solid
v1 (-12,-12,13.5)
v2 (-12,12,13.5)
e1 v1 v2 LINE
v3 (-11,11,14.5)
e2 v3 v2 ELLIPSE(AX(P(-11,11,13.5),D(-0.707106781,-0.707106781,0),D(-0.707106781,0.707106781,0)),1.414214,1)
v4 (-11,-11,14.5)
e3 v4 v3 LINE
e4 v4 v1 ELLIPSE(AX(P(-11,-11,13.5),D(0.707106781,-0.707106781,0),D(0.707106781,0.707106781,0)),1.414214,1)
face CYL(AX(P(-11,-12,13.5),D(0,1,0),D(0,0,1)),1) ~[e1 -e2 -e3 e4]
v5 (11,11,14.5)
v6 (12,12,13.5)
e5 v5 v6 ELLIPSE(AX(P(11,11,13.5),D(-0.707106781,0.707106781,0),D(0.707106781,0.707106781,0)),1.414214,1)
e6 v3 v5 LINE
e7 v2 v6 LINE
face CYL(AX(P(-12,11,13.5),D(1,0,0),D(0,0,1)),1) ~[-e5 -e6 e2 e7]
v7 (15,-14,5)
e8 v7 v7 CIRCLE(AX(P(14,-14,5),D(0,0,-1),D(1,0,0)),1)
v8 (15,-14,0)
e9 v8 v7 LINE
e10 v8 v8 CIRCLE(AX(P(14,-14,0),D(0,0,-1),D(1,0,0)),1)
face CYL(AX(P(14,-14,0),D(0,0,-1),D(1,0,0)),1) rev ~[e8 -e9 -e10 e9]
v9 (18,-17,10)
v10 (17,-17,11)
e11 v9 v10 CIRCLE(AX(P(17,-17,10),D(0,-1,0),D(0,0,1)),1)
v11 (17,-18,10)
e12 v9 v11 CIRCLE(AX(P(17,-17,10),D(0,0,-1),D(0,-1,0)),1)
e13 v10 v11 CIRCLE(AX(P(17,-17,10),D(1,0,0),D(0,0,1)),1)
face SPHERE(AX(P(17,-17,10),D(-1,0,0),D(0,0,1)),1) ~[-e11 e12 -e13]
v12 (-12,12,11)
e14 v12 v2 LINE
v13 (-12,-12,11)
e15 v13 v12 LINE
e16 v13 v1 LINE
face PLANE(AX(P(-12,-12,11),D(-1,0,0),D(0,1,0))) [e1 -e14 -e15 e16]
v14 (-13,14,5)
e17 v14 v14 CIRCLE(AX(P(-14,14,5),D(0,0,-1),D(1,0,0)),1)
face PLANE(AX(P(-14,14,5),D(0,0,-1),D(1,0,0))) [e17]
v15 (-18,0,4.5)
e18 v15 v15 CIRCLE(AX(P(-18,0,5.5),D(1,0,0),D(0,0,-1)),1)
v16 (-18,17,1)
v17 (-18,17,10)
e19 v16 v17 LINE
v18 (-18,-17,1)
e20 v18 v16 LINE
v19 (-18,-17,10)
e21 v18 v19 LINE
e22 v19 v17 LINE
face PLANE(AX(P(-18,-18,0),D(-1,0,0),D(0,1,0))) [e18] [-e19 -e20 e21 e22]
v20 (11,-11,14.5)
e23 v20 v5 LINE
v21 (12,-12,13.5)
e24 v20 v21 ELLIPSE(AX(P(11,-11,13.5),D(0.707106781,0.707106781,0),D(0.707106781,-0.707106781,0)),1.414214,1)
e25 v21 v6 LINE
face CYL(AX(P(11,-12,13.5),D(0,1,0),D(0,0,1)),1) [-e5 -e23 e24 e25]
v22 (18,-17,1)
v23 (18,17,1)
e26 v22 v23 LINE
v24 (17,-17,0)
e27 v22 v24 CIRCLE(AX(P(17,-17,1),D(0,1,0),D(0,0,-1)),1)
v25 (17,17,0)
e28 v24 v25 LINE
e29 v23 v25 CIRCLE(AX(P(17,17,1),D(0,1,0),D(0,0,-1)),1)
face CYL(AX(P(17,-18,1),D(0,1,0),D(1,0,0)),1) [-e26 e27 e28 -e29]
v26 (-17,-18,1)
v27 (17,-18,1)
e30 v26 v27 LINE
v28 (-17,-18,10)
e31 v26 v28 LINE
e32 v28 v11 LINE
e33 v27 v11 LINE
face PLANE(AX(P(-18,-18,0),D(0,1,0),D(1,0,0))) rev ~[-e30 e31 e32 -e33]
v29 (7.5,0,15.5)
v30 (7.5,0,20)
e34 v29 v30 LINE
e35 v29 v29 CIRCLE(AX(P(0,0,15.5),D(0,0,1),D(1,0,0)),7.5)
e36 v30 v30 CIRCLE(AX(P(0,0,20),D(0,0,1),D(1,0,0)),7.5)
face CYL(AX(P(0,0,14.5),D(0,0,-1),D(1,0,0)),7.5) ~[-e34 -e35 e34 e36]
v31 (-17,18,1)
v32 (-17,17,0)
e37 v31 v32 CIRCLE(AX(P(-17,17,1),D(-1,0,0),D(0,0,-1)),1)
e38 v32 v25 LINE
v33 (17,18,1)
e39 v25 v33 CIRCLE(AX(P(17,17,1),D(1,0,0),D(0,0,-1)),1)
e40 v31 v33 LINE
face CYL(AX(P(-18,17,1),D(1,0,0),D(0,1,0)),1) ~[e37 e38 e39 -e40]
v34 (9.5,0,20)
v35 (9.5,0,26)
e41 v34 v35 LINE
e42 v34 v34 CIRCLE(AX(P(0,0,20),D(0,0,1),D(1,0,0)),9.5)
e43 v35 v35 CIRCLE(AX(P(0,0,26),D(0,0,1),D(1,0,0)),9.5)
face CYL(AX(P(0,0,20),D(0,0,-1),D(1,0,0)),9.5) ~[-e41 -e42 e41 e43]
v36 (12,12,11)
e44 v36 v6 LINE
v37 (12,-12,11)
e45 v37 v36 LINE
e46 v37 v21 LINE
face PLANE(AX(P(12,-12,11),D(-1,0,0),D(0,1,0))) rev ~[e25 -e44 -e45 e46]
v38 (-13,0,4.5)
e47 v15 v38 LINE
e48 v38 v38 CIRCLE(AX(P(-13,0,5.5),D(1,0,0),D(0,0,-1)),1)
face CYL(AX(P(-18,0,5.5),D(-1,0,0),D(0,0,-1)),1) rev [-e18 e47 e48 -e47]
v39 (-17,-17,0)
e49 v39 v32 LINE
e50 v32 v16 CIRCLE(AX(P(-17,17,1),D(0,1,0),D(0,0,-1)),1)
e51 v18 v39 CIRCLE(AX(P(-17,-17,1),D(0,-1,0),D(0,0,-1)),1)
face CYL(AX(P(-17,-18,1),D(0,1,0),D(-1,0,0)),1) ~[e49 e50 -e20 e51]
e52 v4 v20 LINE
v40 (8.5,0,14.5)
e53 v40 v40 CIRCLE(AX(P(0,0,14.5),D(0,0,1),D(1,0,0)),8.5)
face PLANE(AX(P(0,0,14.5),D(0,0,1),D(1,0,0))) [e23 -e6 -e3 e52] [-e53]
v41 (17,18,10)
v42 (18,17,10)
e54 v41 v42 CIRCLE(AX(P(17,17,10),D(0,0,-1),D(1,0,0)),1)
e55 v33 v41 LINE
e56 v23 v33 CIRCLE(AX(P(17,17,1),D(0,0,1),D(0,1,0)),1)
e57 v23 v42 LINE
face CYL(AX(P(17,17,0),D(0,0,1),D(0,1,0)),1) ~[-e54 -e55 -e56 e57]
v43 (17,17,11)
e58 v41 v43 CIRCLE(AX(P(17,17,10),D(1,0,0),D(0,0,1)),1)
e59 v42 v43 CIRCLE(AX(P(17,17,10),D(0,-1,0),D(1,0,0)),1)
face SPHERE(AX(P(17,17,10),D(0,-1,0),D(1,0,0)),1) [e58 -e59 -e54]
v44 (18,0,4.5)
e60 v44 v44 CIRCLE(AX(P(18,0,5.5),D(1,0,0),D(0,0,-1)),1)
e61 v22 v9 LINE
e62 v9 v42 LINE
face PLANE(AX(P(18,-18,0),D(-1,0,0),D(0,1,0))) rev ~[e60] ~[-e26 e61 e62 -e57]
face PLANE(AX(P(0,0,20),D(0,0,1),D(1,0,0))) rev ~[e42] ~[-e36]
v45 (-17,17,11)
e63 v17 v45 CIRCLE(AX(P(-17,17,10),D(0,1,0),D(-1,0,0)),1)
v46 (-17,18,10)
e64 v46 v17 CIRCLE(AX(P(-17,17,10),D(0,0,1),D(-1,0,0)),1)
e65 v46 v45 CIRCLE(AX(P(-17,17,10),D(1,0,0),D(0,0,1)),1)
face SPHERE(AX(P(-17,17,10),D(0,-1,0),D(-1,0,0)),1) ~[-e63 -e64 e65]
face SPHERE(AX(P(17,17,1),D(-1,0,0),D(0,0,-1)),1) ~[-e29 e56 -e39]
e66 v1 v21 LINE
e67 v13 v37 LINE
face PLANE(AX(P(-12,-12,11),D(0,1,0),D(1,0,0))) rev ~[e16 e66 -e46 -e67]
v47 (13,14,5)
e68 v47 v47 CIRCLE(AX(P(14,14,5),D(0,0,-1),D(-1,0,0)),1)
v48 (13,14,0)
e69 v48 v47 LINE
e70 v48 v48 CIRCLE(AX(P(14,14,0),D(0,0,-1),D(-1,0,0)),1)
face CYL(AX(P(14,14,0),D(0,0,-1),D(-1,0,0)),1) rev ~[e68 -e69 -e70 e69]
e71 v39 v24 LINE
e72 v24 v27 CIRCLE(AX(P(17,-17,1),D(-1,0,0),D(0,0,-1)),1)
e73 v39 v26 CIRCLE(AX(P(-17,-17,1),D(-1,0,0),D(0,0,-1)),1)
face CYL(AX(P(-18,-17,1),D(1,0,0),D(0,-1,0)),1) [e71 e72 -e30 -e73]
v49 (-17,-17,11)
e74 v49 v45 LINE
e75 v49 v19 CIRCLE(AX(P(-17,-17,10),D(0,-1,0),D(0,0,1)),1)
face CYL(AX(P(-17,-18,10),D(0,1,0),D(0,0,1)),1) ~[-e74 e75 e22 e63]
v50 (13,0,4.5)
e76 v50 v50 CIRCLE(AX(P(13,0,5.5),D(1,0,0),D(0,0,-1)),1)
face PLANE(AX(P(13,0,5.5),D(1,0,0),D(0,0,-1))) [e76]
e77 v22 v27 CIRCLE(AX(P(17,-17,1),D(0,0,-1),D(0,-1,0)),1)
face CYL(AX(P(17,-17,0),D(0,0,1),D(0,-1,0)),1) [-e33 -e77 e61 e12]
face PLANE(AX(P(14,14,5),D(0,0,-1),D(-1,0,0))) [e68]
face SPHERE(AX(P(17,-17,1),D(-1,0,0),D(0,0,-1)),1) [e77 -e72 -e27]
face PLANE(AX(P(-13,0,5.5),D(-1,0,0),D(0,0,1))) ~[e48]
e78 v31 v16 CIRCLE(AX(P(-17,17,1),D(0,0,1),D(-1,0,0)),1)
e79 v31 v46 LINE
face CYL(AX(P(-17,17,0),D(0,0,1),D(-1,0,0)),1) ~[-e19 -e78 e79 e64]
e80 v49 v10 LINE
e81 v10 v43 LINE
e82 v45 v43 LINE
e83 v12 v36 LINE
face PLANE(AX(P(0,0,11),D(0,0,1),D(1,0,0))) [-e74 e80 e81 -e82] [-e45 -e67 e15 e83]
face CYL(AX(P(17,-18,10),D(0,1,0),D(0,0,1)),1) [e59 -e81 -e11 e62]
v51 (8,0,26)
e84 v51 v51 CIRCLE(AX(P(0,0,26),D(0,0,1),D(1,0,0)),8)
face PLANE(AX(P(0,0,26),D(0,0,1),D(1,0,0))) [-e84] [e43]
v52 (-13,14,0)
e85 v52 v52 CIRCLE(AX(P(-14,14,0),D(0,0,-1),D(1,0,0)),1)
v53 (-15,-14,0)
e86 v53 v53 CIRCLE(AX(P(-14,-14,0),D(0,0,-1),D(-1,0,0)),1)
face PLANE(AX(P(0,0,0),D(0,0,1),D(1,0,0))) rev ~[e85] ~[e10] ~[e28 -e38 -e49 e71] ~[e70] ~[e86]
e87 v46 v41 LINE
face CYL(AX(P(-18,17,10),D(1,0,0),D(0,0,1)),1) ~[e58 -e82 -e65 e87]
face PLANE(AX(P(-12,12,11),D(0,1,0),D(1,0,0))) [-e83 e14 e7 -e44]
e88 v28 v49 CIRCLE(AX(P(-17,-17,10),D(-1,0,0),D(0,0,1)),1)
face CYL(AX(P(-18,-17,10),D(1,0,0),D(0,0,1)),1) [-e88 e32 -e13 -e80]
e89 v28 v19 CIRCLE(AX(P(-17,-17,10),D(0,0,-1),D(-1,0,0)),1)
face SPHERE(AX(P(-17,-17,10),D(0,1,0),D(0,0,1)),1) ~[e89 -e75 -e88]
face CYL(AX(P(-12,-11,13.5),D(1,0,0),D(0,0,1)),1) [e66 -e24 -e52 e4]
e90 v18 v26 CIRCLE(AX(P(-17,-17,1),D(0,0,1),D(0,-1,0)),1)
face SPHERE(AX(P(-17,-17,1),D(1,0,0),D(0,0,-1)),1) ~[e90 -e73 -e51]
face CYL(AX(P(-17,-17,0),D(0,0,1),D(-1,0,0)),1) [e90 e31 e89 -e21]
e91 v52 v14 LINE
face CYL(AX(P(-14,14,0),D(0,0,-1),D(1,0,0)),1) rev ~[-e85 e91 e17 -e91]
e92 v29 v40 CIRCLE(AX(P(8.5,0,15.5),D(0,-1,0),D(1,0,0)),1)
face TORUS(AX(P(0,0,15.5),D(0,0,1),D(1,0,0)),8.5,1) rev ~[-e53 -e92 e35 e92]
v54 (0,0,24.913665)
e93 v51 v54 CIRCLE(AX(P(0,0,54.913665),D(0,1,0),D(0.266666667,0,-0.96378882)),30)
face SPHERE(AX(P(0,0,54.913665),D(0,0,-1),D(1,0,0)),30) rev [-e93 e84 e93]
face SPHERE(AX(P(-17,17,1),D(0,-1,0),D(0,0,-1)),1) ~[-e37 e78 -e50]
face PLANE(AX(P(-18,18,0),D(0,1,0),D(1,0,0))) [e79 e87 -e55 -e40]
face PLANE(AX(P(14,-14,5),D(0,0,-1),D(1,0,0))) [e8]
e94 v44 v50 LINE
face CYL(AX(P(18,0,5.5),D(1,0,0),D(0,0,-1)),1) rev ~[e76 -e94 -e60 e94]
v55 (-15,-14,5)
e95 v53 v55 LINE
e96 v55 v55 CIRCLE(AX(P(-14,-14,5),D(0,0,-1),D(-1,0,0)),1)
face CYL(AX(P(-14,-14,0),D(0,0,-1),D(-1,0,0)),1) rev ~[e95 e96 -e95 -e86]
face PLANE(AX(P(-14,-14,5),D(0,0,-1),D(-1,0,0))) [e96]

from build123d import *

# Parameters (mm, degrees)
SKETCH_1_W          = 36
SKETCH_1_H          = 36
EXTRUDE_1_DEPTH     = 11
SKETCH_2_W          = 24
SKETCH_2_H          = 24
EXTRUDE_2_DEPTH     = 3.5
SKETCH_3_R          = 7.5
EXTRUDE_3_DEPTH     = 5.5
SKETCH_4_R          = 9.5
EXTRUDE_4_DEPTH     = 6
FILLET_1_R          = 1
SKETCH_6_R          = 1
CUT_EXTRUDE_1_DEPTH = 5
SKETCH_7_R          = 1
CUT_EXTRUDE_2_DEPTH = 5


with BuildPart() as part:
    # 草图1 → 凸台-拉伸1 (new body)
    with BuildSketch(Plane.XY):
        Rectangle(SKETCH_1_W, SKETCH_1_H)
    extrude(amount=EXTRUDE_1_DEPTH)

    # 草图2 → 凸台-拉伸2 (add)
    with BuildSketch(Plane.XY.offset(11)):
        Rectangle(SKETCH_2_W, SKETCH_2_H)
    extrude(amount=EXTRUDE_2_DEPTH)

    # 草图3 → 凸台-拉伸3 (add)
    with BuildSketch(Plane.XY.offset(14.5)):
        Circle(SKETCH_3_R)
    extrude(amount=EXTRUDE_3_DEPTH)

    # 草图4 → 凸台-拉伸4 (add)
    with BuildSketch(Plane.XY.offset(20)):
        Circle(SKETCH_4_R)
    extrude(amount=EXTRUDE_4_DEPTH)

    # 草图5 → 切除-旋转1 (revolve, cut)
    with BuildSketch(Plane(origin=(0, 0, 0), x_dir=(1, 0, 0), z_dir=(0, 1, 0))):
        with BuildLine():
            Line((0, -24.91366459), (0, -26))
            Line((0, -26), (8, -26))
            ThreePointArc((8, -26), (4.036710437, -25.186488995), (0, -24.91366459))
        make_face()
    revolve(axis=Axis((0, 0, 24.353707744), (0, 0, 1)), mode=Mode.SUBTRACT)

    # 圆角1
    fillet_1_edges = [part.edges().sort_by_distance(p)[0] for p in [
        (-18, 0, 11),
        (0, -18, 11),
        (-12, 0, 14.5),
        (0, -12, 14.5),
        (12, 0, 14.5),
        (0, 12, 14.5),
        (-7.5, 0, 14.5),
        (18, 0, 11),
        (0, -18, 0),
        (-18, 0, 0),
        (0, 18, 0),
        (18, 0, 0),
        (18, -18, 5.5),
        (-18, -18, 5.5),
        (-18, 18, 5.5),
        (18, 18, 5.5),
        (0, 18, 11),
    ]]
    fillet(fillet_1_edges, radius=FILLET_1_R)

    # 草图6 → 切除-拉伸1 (cut)
    with BuildSketch(Plane(origin=(18, 0, 0), x_dir=(0, 0, -1), z_dir=(1, 0, 0))):
        with Locations((-5.5, 0)):
            Circle(SKETCH_6_R)
    cut_extrude_1 = extrude(amount=-CUT_EXTRUDE_1_DEPTH, mode=Mode.SUBTRACT)

    # 镜向1: 切除-拉伸1 across plane
    add(cut_extrude_1.mirror(Plane(origin=(0, 0, 0), x_dir=(0, 0, 1), z_dir=(1, 0, 0))), mode=Mode.SUBTRACT)

    # 草图7 → 切除-拉伸2 (cut)
    with BuildSketch(Plane(origin=(0, 0, 0), x_dir=(-1, 0, 0), z_dir=(0, 0, -1))):
        with Locations((-14, 14)):
            Circle(SKETCH_7_R)
        with Locations(Location((-14, -14, 0), (0, 0, 180))):
            Circle(SKETCH_7_R)
        with Locations((14, -14)):
            Circle(SKETCH_7_R)
        with Locations(Location((14, 14, 0), (0, 0, 180))):
            Circle(SKETCH_7_R)
    extrude(amount=-CUT_EXTRUDE_2_DEPTH, mode=Mode.SUBTRACT)


solid = part.part
